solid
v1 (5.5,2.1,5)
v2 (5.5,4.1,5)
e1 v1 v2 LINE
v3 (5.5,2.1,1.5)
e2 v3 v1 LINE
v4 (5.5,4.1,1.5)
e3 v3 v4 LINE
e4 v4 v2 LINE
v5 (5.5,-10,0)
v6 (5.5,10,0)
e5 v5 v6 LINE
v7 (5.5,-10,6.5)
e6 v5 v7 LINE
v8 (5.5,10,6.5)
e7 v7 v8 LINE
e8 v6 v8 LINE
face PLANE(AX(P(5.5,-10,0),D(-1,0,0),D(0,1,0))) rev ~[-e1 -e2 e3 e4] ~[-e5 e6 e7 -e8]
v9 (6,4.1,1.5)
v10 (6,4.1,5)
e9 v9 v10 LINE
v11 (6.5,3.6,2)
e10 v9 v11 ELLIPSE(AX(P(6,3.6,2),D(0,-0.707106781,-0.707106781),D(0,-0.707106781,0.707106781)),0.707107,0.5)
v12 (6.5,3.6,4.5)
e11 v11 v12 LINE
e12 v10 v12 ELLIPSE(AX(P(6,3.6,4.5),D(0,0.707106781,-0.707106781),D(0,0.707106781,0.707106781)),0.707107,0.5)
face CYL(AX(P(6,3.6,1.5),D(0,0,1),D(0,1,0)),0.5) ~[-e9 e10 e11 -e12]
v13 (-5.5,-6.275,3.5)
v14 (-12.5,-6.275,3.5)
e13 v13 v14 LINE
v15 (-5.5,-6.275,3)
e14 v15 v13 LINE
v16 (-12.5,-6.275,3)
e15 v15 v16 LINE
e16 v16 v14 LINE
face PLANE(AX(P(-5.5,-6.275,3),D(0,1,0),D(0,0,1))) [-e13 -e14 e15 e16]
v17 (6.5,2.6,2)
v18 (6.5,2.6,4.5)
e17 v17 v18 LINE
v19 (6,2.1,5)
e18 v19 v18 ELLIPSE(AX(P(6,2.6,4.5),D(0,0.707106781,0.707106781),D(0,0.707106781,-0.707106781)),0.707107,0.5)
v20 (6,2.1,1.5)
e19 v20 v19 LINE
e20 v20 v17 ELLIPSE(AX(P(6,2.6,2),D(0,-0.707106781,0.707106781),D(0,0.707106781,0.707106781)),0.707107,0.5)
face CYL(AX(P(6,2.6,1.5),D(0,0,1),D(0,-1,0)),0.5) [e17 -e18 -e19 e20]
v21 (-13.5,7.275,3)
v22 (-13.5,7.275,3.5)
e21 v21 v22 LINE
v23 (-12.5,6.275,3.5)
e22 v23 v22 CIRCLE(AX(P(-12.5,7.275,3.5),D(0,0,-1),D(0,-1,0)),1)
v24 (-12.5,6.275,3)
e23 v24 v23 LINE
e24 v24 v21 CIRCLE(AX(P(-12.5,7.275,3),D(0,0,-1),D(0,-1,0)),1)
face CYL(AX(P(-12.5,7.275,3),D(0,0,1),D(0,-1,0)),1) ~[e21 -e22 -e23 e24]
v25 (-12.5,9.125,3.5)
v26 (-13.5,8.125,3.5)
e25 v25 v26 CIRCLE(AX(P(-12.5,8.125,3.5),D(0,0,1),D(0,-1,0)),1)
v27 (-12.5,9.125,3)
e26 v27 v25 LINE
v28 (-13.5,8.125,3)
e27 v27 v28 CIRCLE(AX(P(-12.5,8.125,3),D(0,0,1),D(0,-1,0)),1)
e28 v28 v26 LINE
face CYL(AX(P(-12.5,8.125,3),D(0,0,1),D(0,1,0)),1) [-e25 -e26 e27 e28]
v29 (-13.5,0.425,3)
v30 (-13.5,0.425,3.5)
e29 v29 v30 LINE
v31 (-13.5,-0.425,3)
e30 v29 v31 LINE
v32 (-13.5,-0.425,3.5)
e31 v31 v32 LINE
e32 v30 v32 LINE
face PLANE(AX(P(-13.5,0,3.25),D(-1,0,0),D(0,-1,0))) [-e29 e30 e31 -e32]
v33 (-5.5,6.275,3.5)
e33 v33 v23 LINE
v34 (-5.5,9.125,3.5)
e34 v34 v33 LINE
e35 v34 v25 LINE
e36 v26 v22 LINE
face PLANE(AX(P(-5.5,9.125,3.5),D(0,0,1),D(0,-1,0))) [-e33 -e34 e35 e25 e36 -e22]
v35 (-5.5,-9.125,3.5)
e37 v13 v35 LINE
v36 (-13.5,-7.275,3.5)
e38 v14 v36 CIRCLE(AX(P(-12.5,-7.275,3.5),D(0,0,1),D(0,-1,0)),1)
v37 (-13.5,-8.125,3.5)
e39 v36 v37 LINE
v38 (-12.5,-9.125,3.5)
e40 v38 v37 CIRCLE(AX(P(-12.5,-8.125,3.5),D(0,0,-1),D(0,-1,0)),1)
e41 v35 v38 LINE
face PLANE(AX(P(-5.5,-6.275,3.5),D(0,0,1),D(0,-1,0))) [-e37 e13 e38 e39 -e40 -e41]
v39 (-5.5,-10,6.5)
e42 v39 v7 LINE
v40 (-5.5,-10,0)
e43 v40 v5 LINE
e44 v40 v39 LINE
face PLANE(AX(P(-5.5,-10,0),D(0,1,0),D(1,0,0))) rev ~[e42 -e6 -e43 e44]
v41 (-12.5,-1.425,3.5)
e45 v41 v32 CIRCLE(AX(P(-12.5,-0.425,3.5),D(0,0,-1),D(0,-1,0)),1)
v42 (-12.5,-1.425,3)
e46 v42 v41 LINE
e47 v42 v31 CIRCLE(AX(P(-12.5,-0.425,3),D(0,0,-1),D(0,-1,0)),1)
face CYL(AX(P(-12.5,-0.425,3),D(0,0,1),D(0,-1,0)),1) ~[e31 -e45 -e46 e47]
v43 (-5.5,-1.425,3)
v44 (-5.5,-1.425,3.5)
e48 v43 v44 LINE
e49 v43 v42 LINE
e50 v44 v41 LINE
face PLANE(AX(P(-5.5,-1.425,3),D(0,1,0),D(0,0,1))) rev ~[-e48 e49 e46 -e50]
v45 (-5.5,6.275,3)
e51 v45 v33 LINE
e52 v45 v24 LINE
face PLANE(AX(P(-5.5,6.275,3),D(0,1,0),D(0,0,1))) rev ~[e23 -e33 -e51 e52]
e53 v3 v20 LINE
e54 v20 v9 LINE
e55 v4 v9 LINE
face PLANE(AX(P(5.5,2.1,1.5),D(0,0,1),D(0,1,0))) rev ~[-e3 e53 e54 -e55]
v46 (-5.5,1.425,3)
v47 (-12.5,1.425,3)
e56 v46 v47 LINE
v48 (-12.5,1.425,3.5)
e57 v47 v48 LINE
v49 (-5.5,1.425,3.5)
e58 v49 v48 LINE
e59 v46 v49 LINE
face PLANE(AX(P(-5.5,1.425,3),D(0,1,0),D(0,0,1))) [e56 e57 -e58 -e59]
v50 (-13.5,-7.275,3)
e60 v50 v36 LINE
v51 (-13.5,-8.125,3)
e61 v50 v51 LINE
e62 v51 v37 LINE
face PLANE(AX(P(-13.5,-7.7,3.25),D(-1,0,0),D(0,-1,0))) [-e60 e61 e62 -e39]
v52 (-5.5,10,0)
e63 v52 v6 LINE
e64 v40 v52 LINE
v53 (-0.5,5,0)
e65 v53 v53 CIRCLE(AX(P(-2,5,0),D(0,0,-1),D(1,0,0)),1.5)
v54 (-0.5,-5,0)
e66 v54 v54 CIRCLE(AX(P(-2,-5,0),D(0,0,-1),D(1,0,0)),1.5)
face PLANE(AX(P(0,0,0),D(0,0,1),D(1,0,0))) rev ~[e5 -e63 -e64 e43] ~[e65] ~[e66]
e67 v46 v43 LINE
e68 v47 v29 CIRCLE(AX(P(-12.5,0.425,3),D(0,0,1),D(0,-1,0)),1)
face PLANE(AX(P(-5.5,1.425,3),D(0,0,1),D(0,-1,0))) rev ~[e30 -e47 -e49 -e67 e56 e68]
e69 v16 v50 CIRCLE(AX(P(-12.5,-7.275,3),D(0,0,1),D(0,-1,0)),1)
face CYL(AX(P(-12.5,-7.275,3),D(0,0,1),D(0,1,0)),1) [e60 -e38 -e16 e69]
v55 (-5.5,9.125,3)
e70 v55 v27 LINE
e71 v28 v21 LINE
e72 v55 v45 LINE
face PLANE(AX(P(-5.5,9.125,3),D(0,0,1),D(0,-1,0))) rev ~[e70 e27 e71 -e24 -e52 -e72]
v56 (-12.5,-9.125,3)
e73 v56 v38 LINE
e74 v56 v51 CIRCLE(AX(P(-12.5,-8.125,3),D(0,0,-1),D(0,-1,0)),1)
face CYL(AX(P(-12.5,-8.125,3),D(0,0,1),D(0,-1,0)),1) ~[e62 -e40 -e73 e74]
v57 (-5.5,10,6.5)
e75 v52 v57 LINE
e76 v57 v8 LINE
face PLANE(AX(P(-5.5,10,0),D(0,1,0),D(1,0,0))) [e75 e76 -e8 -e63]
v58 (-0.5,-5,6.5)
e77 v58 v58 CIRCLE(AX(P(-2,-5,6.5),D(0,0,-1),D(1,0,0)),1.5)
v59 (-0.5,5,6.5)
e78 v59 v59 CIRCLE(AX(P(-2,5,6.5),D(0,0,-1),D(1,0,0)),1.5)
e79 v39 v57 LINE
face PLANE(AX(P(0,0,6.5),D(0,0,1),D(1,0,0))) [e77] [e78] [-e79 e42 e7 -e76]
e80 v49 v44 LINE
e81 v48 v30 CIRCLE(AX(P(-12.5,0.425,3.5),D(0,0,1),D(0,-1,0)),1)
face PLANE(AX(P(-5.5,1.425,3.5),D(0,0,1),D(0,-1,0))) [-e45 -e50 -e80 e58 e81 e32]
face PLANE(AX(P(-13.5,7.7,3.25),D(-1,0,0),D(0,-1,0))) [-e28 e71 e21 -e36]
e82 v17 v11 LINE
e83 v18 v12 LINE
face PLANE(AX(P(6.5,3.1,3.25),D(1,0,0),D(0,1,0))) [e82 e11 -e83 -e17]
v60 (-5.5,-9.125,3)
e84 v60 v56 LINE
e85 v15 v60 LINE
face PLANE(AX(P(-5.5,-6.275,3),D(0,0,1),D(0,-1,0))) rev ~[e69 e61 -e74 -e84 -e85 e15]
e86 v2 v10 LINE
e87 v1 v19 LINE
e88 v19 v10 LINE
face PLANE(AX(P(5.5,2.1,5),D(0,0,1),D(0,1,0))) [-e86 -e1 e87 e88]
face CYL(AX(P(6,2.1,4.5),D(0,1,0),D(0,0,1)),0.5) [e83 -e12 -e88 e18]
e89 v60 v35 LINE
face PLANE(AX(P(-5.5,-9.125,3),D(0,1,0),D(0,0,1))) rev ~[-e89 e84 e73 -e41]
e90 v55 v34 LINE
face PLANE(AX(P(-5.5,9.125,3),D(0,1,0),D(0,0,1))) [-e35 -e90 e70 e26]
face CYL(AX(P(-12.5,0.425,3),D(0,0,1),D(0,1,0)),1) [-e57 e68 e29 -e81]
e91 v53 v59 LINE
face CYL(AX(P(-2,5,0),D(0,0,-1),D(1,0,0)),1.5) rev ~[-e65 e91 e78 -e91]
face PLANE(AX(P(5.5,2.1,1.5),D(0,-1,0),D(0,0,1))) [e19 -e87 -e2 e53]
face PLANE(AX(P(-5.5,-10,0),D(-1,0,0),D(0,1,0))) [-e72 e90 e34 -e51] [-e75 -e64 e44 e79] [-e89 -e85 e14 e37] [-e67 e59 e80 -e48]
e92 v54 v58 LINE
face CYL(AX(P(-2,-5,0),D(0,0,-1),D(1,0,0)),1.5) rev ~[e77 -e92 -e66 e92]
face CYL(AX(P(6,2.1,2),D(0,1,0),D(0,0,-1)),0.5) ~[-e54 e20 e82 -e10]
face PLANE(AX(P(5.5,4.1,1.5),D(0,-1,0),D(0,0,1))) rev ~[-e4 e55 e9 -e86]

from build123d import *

# Parameters (mm, degrees)
SKETCH_W     = 11
SKETCH_H     = 20
PAD_DEPTH    = 6.5
SKETCH001_W  = 2.85
SKETCH001_H  = 0.5
PAD001_DEPTH = 8
FILLET_R     = 1
SKETCH002_W  = 2
SKETCH002_H  = 3.5
PAD002_DEPTH = 1
FILLET001_R  = 0.5
SKETCH003_R  = 1.5
POCKET_DEPTH = 6.501


with BuildPart() as part:
    # Sketch → Pad (new body)
    with BuildSketch(Plane.XY):
        Rectangle(SKETCH_W, SKETCH_H)
    extrude(amount=PAD_DEPTH)

    # Sketch001 → Pad001 (new body)
    with BuildSketch(Plane(origin=(-5.5, 0, 0), x_dir=(0, -1, 0), z_dir=(-1, 0, 0))):
        with Locations((-7.7, 3.25)):
            Rectangle(SKETCH001_W, SKETCH001_H)
        with Locations((0, 3.25)):
            Rectangle(SKETCH001_W, SKETCH001_H)
        with Locations((7.7, 3.25)):
            Rectangle(SKETCH001_W, SKETCH001_H)
    extrude(amount=PAD001_DEPTH)

    # Fillet
    fillet_edges = [part.edges().sort_by_distance(p)[0] for p in [
        (-13.5, -6.275, 3.25),
        (-13.5, -9.125, 3.25),
        (-13.5, -1.425, 3.25),
        (-13.5, 1.425, 3.25),
        (-13.5, 6.275, 3.25),
        (-13.5, 9.125, 3.25),
    ]]
    fillet(fillet_edges, radius=FILLET_R)

    # Sketch002 → Pad002 (new body)
    with BuildSketch(Plane.YZ.offset(5.5)):
        with Locations((3.1, 3.25)):
            Rectangle(SKETCH002_W, SKETCH002_H)
    extrude(amount=PAD002_DEPTH)

    # Fillet001
    fillet001_edges = [part.edges().sort_by_distance(p)[0] for p in [
        (6.5, 3.1, 5),
        (6.5, 4.1, 3.25),
        (6.5, 3.1, 1.5),
        (6.5, 2.1, 3.25),
    ]]
    fillet(fillet001_edges, radius=FILLET001_R)

    # Sketch003 → Pocket (cut, through all)
    with BuildSketch(Plane(origin=(0, 0, 0), x_dir=(1, 0, 0), z_dir=(0, 0, -1))):
        with Locations((-2, 5)):
            Circle(SKETCH003_R)
        with Locations((-2, -5)):
            Circle(SKETCH003_R)
    extrude(amount=-POCKET_DEPTH, mode=Mode.SUBTRACT)


solid = part.part
